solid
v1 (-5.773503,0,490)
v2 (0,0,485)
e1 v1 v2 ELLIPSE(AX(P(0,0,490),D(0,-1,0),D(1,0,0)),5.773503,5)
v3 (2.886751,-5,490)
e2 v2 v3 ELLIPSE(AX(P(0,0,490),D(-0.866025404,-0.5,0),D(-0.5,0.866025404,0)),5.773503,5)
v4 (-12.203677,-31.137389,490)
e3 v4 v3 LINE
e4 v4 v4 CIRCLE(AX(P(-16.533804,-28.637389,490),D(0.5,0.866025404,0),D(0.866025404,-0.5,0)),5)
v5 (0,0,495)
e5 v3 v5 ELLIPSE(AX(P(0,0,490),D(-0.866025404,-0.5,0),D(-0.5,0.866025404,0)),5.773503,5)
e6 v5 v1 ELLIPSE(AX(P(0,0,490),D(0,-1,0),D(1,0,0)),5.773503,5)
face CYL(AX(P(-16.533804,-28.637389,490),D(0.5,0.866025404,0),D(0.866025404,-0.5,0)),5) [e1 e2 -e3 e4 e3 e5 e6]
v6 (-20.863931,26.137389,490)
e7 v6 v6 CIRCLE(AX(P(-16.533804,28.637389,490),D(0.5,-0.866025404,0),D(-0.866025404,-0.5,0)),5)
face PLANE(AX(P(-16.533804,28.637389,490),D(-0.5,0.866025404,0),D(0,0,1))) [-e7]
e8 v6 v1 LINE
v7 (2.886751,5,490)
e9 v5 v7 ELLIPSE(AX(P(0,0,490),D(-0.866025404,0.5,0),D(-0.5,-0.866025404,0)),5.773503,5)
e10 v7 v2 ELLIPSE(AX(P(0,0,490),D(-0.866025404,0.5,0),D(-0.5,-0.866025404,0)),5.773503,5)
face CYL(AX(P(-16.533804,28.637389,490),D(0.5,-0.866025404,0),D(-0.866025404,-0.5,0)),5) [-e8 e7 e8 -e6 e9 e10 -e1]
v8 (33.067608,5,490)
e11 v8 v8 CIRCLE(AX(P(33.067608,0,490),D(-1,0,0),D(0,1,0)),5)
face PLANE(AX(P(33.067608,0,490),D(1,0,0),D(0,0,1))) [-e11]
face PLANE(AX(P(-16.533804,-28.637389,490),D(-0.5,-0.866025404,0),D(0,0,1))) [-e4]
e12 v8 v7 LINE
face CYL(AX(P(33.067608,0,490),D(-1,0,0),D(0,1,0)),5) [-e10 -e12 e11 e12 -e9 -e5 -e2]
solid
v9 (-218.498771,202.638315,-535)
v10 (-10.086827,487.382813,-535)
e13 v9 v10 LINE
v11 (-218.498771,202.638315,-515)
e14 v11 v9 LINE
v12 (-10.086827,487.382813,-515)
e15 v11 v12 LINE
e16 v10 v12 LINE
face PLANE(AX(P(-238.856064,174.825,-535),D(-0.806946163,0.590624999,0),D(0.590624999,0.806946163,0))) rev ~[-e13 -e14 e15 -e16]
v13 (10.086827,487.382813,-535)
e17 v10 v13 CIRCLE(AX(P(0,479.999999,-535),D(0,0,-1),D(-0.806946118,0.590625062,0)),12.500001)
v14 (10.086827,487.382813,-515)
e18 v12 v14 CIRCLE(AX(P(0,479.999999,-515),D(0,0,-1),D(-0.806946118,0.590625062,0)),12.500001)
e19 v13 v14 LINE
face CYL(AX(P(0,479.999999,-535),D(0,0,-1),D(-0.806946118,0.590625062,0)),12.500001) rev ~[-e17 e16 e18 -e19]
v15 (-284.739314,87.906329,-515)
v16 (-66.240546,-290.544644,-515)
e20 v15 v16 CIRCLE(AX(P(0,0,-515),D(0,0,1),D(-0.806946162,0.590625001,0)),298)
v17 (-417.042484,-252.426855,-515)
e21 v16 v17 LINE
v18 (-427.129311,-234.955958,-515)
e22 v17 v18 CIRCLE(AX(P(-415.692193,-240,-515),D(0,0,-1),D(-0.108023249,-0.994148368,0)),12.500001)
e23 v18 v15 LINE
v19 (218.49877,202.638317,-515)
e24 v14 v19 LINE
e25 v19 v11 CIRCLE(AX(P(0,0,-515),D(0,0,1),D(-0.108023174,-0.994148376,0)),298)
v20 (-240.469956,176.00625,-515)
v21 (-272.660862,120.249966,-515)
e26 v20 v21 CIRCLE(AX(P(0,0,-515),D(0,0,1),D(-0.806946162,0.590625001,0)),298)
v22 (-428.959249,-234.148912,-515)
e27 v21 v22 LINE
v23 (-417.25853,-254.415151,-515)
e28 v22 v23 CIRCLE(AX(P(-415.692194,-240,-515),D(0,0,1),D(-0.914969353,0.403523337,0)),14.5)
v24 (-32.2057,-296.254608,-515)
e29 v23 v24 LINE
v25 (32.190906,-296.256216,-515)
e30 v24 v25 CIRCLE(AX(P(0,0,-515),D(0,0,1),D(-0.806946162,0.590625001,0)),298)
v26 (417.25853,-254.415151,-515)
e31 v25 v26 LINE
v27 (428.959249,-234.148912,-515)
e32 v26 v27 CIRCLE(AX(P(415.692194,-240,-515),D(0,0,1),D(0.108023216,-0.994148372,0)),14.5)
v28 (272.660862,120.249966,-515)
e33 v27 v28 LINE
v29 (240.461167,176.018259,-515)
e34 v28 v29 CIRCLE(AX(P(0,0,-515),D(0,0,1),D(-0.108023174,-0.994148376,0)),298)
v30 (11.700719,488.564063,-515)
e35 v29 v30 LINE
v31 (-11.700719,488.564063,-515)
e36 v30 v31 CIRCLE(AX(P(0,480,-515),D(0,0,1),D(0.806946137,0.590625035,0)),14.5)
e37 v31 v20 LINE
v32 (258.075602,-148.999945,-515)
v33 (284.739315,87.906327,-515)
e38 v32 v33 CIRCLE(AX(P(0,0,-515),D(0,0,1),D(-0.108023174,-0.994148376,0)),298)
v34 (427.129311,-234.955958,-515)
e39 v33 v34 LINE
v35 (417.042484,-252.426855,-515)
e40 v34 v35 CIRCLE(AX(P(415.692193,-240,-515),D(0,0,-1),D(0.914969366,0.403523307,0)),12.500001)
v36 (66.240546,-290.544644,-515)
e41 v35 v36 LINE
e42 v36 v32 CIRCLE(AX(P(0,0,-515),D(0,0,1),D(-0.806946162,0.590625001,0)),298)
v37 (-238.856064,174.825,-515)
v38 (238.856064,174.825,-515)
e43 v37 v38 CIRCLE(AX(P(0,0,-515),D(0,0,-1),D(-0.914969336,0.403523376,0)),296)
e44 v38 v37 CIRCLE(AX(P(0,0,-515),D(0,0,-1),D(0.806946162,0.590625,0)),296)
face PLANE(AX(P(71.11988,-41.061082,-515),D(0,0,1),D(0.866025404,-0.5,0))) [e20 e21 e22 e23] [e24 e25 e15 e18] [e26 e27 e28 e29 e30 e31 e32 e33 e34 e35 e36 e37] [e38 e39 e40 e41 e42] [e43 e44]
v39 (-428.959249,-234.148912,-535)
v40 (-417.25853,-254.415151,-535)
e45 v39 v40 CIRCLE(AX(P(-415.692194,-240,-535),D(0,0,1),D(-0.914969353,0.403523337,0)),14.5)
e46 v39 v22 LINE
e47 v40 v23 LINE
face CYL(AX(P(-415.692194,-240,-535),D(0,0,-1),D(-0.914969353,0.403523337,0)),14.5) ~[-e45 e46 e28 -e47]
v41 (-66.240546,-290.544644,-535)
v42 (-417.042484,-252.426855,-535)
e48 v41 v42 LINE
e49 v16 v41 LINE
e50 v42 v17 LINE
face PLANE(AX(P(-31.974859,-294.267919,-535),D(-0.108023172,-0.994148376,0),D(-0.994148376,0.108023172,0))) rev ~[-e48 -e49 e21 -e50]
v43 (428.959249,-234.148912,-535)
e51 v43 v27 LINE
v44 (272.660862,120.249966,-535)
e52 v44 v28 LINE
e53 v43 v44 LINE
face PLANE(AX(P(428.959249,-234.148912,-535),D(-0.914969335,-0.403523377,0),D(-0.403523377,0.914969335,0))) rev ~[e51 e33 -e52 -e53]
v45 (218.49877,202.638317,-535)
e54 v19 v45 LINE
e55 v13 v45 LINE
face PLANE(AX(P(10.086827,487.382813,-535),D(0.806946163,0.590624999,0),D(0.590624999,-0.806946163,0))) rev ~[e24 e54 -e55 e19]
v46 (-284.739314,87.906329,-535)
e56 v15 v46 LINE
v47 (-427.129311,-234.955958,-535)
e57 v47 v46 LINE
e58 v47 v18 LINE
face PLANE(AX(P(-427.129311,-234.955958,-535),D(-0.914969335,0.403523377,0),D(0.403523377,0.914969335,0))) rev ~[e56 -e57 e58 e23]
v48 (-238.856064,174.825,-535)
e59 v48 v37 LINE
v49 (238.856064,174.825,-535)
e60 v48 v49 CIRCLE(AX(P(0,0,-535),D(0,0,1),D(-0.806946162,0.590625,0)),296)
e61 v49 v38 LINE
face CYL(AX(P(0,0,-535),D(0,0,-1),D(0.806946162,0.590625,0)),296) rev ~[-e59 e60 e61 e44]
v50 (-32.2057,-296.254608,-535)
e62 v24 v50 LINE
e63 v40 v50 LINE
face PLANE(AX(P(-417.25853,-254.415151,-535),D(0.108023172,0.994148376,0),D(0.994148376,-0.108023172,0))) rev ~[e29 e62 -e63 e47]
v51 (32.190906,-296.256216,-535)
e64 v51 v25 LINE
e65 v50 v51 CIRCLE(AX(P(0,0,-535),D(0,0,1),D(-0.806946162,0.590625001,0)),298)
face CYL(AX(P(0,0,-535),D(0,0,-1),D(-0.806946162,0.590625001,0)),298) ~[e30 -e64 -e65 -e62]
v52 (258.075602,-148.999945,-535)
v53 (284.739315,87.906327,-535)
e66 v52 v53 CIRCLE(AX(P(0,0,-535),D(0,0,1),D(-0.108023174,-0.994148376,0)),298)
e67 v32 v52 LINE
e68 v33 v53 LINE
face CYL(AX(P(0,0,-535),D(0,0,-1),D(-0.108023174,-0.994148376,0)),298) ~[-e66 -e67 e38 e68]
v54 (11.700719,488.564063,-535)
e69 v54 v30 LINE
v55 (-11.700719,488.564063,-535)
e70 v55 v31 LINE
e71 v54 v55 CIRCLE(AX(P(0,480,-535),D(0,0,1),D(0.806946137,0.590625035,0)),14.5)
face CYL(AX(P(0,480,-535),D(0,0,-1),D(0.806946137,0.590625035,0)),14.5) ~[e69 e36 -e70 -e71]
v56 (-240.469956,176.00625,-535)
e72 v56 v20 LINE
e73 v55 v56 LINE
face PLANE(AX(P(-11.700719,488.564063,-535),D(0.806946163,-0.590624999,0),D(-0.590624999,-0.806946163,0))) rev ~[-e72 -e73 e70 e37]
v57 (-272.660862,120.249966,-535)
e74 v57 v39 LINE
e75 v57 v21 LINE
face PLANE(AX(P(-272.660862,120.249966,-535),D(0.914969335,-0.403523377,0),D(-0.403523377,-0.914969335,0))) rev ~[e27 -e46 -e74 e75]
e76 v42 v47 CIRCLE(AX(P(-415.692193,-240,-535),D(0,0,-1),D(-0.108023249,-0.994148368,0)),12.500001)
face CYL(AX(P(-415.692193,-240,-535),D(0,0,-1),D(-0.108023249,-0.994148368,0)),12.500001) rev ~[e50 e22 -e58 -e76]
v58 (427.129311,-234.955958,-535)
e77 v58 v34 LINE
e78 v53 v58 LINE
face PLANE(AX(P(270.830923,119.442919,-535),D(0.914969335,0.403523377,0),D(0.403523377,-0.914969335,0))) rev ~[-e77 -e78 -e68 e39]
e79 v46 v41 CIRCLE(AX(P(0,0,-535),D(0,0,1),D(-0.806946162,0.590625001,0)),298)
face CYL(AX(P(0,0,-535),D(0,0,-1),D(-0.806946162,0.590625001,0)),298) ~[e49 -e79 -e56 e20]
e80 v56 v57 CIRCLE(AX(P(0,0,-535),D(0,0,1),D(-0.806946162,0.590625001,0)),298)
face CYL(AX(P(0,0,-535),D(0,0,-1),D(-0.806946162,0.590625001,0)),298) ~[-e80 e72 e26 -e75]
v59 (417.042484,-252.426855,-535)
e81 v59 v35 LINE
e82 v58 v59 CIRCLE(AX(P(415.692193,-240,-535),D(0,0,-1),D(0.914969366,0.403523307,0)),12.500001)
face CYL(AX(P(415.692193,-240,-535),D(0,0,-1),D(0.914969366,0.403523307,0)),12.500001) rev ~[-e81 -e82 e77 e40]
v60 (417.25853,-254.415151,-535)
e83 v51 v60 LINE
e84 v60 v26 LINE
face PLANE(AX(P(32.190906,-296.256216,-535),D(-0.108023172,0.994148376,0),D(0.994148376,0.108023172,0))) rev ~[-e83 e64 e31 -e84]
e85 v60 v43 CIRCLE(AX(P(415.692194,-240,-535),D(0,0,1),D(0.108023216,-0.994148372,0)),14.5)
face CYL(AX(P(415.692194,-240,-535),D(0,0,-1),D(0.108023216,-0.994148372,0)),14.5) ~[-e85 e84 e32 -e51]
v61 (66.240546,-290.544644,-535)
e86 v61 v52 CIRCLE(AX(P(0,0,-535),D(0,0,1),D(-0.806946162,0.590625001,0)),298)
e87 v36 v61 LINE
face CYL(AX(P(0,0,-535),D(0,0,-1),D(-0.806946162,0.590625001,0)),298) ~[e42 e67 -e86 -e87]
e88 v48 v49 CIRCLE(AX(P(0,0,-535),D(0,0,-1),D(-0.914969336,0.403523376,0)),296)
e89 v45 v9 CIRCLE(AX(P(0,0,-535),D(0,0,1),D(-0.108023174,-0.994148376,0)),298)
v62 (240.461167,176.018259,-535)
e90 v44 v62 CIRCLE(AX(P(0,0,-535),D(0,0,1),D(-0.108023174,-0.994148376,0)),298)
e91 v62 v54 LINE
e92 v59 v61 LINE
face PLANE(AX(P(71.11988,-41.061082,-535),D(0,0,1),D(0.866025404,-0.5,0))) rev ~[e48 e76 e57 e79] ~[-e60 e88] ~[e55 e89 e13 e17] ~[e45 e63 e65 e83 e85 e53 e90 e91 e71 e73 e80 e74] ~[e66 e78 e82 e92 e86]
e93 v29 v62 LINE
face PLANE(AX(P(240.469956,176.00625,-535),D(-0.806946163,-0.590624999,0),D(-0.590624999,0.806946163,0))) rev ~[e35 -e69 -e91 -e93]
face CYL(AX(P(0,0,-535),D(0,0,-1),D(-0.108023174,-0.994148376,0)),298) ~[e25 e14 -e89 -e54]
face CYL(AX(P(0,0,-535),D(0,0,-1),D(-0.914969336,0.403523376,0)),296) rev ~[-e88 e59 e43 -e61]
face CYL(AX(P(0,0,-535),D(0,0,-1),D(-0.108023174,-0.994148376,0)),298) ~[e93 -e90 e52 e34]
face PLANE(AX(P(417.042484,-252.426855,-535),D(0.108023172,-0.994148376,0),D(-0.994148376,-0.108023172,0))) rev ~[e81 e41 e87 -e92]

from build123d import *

# Parameters (mm, degrees)
SKETCH002_R      = 5
ARRAY004_COUNT   = 3
EXTRUDE050_DEPTH = 20
ARRAY005_COUNT   = 3


with BuildPart() as array007:
    # Sweep001: sweep along a path in Sketch
    with BuildLine(Plane.XY) as sweep001_path:
        Line((33.067608, 0), (0, 0))
    # Sketch002 → Sweep001 (sweep)
    with BuildSketch(Plane.YZ):
        with Locations((0, 490)):
            Circle(SKETCH002_R)
    sweep(path=sweep001_path.line)

    # Array004: Array007 ×3 about axis
    array004_axis = Axis((0, 0, 0), (0, 0, 1))


with BuildPart() as array007_1:
    add(array007.part)
    for i in range(1, ARRAY004_COUNT):
        add(array007.part.rotate(array004_axis, i * 360 / ARRAY004_COUNT))


with BuildPart() as fusion012:
    # Face006 → Extrude050 (new body)
    with BuildSketch(Plane(origin=(0, 60.26256, -535), x_dir=(0, 1, 0), z_dir=(0, 0, 1))):
        with BuildLine():
            Line((115.74369, -240.469956), (428.301503, -11.700719))
            ThreePointArc((428.301503, -11.700719), (434.23744, 0), (428.301503, 11.700719))
            Line((428.301503, 11.700719), (115.74369, 240.469956))
            ThreePointArc((115.74369, 240.469956), (-358.26256, 0), (115.74369, -240.469956))
        make_face()
        with BuildLine():
            Line((427.120253, -10.086827), (114.56244, -238.856064))
            ThreePointArc((114.56244, -238.856064), (-356.26256, 0), (114.56244, 238.856064))
            Line((114.56244, 238.856064), (427.120253, 10.086827))
            ThreePointArc((427.120253, 10.086827), (432.23744, 0), (427.120253, -10.086827))
        make_face(mode=Mode.SUBTRACT)
    extrude(amount=EXTRUDE050_DEPTH)

    # Array005: Fusion012 ×3 about axis
    array005_axis = Axis((0, 0, 0), (0, 0, 1))


with BuildPart() as fusion012_1:
    add(fusion012.part)
    for i in range(1, ARRAY005_COUNT):
        add(fusion012.part.rotate(array005_axis, i * 360 / ARRAY005_COUNT))

    # Fusion010: union Array007
    add(array007_1.part)


solid = fusion012_1.part
